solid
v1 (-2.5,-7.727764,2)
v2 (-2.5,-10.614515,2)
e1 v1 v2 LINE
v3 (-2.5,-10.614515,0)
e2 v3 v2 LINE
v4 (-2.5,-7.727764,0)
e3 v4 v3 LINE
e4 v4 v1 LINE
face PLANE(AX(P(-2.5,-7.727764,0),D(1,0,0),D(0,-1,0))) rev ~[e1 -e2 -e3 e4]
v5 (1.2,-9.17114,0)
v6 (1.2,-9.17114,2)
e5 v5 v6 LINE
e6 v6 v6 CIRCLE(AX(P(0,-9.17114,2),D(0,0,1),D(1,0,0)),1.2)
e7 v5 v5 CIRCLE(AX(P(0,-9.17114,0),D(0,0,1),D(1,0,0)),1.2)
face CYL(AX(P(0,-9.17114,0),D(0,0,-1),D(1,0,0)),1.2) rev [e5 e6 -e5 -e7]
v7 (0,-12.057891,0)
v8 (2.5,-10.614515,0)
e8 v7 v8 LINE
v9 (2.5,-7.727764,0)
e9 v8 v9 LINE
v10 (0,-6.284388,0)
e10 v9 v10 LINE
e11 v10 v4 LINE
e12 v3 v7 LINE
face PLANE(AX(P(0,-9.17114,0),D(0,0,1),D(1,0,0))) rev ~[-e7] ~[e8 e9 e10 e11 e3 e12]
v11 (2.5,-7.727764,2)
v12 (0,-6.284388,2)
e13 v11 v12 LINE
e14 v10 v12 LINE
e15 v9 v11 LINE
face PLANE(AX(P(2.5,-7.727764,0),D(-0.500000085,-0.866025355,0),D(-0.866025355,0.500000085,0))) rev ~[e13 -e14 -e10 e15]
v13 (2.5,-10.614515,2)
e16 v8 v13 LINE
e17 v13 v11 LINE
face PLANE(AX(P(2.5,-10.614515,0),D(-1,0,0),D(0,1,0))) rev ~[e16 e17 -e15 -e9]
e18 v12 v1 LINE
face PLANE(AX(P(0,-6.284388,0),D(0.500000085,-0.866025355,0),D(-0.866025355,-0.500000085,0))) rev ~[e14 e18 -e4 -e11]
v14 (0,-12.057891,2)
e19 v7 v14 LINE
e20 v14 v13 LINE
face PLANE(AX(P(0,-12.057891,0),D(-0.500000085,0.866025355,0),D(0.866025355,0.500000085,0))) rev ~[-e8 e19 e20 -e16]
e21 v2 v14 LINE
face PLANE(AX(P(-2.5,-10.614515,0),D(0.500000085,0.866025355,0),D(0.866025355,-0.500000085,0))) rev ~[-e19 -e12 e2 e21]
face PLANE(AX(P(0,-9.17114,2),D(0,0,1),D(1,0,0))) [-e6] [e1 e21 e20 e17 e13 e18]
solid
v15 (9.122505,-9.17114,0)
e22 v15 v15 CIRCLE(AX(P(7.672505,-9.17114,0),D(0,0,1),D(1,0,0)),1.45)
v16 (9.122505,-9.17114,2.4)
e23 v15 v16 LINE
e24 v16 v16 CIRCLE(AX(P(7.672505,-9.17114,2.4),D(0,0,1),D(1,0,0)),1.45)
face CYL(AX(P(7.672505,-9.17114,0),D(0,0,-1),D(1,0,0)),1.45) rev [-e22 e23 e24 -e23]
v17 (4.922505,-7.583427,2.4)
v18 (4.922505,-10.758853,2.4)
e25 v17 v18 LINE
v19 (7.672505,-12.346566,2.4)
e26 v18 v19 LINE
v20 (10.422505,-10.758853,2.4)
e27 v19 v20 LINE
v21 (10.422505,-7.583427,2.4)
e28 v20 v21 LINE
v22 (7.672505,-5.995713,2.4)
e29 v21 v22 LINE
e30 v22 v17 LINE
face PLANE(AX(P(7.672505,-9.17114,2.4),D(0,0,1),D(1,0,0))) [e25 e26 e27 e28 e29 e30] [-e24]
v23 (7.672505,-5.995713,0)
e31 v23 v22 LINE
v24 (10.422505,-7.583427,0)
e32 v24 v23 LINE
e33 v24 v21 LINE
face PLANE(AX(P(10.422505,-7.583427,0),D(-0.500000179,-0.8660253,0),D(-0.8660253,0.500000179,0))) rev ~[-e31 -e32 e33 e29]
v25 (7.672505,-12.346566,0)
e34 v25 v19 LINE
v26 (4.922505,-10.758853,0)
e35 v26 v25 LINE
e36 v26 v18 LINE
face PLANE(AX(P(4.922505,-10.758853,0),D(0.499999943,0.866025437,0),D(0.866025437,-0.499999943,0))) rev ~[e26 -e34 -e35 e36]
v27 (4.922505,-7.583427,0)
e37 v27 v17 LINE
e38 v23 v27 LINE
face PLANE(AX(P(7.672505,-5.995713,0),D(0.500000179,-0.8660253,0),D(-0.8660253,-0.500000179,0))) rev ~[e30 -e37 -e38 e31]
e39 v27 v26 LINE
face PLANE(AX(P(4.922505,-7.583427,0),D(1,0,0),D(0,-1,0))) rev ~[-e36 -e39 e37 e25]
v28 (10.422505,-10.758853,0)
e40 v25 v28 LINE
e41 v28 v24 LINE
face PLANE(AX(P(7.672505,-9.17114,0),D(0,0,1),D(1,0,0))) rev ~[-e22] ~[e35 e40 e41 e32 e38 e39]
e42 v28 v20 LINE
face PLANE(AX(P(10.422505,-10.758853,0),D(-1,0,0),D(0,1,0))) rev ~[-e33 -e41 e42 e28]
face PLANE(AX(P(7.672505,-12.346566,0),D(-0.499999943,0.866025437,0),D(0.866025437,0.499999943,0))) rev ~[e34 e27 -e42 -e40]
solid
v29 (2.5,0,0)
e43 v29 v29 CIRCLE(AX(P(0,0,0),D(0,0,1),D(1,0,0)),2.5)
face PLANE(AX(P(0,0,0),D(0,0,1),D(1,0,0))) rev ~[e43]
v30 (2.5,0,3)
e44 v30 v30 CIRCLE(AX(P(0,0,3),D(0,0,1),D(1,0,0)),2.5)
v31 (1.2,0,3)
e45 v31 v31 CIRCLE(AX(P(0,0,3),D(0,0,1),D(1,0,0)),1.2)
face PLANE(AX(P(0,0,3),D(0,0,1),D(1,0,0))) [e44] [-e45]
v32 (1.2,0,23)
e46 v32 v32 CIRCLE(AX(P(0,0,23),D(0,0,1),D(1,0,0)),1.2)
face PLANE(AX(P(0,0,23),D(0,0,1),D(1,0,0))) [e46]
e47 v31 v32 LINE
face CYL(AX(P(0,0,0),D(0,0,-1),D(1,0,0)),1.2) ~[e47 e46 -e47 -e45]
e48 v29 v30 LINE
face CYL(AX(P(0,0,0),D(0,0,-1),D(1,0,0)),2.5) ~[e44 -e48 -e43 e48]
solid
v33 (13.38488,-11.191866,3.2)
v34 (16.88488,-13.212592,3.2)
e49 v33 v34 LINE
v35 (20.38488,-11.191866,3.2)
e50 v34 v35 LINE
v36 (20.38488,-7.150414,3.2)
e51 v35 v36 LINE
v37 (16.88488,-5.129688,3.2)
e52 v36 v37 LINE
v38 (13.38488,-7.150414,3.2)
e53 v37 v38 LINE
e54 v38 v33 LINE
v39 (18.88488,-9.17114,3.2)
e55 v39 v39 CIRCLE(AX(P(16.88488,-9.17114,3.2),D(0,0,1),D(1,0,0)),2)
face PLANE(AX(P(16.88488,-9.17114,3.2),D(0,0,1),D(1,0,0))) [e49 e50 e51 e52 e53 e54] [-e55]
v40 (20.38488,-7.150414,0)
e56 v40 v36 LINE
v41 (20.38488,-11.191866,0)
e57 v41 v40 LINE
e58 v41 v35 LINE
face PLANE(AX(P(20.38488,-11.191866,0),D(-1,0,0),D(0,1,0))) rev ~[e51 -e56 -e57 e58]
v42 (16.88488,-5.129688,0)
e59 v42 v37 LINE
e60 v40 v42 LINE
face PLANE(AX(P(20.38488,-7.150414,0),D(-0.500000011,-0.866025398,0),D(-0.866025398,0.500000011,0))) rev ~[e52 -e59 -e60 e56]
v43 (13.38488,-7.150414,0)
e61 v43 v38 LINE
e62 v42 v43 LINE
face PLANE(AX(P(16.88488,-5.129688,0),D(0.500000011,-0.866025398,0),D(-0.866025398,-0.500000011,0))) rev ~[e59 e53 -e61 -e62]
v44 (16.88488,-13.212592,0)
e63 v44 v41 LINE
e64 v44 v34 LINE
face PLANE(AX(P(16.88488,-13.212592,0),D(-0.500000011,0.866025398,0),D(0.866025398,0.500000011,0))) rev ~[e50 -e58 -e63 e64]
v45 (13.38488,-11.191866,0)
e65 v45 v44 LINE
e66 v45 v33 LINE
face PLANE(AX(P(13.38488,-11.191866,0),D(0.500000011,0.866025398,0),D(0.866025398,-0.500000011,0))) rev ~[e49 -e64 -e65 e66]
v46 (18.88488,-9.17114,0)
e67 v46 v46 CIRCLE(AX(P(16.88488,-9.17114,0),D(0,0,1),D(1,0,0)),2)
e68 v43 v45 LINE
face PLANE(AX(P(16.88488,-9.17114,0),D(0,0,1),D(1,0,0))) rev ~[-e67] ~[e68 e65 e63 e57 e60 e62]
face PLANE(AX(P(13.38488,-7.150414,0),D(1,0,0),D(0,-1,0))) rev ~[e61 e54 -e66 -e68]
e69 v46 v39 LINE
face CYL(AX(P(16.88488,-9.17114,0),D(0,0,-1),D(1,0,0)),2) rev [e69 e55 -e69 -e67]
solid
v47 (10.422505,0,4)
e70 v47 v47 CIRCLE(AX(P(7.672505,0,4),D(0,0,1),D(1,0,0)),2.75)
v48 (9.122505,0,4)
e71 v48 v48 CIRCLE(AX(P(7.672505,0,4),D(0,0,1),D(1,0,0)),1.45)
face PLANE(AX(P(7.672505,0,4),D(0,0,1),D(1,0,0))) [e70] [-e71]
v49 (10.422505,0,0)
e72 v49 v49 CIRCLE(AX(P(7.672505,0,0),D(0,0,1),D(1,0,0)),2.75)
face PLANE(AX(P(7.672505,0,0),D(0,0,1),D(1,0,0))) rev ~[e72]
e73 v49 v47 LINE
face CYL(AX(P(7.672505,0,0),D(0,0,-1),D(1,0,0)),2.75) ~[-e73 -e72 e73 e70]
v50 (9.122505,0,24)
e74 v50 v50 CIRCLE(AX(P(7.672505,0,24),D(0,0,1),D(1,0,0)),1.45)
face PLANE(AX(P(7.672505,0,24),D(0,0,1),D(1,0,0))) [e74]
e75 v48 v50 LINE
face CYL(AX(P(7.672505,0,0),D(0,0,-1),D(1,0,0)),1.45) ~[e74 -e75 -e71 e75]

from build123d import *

# Parameters (mm, degrees)
F0_R     = 1.2
F1_DEPTH = 2
F2_DEPTH = 23
F0_R_2   = 2.5
F3_DEPTH = 3
F0_R_3   = 1.45
F4_DEPTH = 2.4
F5_DEPTH = 24
F0_R_4   = 2.75
F6_DEPTH = 4
F0_R_5   = 2
F7_DEPTH = 3.2


with BuildPart() as f1:
    # F0 (on Top) → F1 (new body)
    with BuildSketch(Plane.XY):
        Polygon((2.5, -10.614515), (2.5, -7.727764), (0, -6.284388), (-2.5, -7.727764), (-2.5, -10.614515), (0, -12.057891), align=None)
        with Locations((0, -9.17114)):
            Circle(F0_R, mode=Mode.SUBTRACT)
    extrude(amount=F1_DEPTH)


with BuildPart() as f2:
    # F0 (on Top) → F2 (new body)
    with BuildSketch(Plane.XY):
        Circle(F0_R)
    extrude(amount=F2_DEPTH)

    # F0 (on Top) → F3 (join)
    with BuildSketch(Plane.XY):
        Circle(F0_R_2)
        Circle(F0_R, mode=Mode.SUBTRACT)
    extrude(amount=F3_DEPTH)


with BuildPart() as f4:
    # F0 (on Top) → F4 (new body)
    with BuildSketch(Plane.XY):
        Polygon((10.422505, -10.758853), (10.422505, -7.583427), (7.672505, -5.995713), (4.922505, -7.583427), (4.922505, -10.758853), (7.672505, -12.346566), align=None)
        with Locations((7.672505, -9.17114)):
            Circle(F0_R_3, mode=Mode.SUBTRACT)
    extrude(amount=F4_DEPTH)


with BuildPart() as f5:
    # F0 (on Top) → F5 (new body)
    with BuildSketch(Plane.XY):
        with Locations((7.672505, 0)):
            Circle(F0_R_3)
    extrude(amount=F5_DEPTH)

    # F0 (on Top) → F6 (join)
    with BuildSketch(Plane.XY):
        with Locations((7.672505, 0)):
            Circle(F0_R_4)
        with Locations((7.672505, 0)):
            Circle(F0_R_3, mode=Mode.SUBTRACT)
    extrude(amount=F6_DEPTH)


with BuildPart() as f7:
    # F0 (on Top) → F7 (new body)
    with BuildSketch(Plane.XY):
        Polygon((20.38488, -11.191866), (20.38488, -7.150414), (16.88488, -5.129688), (13.38488, -7.150414), (13.38488, -11.191866), (16.88488, -13.212592), align=None)
        with Locations((16.88488, -9.17114)):
            Circle(F0_R_5, mode=Mode.SUBTRACT)
    extrude(amount=F7_DEPTH)


solid = Compound([f1.part, f2.part, f4.part, f5.part, f7.part])
